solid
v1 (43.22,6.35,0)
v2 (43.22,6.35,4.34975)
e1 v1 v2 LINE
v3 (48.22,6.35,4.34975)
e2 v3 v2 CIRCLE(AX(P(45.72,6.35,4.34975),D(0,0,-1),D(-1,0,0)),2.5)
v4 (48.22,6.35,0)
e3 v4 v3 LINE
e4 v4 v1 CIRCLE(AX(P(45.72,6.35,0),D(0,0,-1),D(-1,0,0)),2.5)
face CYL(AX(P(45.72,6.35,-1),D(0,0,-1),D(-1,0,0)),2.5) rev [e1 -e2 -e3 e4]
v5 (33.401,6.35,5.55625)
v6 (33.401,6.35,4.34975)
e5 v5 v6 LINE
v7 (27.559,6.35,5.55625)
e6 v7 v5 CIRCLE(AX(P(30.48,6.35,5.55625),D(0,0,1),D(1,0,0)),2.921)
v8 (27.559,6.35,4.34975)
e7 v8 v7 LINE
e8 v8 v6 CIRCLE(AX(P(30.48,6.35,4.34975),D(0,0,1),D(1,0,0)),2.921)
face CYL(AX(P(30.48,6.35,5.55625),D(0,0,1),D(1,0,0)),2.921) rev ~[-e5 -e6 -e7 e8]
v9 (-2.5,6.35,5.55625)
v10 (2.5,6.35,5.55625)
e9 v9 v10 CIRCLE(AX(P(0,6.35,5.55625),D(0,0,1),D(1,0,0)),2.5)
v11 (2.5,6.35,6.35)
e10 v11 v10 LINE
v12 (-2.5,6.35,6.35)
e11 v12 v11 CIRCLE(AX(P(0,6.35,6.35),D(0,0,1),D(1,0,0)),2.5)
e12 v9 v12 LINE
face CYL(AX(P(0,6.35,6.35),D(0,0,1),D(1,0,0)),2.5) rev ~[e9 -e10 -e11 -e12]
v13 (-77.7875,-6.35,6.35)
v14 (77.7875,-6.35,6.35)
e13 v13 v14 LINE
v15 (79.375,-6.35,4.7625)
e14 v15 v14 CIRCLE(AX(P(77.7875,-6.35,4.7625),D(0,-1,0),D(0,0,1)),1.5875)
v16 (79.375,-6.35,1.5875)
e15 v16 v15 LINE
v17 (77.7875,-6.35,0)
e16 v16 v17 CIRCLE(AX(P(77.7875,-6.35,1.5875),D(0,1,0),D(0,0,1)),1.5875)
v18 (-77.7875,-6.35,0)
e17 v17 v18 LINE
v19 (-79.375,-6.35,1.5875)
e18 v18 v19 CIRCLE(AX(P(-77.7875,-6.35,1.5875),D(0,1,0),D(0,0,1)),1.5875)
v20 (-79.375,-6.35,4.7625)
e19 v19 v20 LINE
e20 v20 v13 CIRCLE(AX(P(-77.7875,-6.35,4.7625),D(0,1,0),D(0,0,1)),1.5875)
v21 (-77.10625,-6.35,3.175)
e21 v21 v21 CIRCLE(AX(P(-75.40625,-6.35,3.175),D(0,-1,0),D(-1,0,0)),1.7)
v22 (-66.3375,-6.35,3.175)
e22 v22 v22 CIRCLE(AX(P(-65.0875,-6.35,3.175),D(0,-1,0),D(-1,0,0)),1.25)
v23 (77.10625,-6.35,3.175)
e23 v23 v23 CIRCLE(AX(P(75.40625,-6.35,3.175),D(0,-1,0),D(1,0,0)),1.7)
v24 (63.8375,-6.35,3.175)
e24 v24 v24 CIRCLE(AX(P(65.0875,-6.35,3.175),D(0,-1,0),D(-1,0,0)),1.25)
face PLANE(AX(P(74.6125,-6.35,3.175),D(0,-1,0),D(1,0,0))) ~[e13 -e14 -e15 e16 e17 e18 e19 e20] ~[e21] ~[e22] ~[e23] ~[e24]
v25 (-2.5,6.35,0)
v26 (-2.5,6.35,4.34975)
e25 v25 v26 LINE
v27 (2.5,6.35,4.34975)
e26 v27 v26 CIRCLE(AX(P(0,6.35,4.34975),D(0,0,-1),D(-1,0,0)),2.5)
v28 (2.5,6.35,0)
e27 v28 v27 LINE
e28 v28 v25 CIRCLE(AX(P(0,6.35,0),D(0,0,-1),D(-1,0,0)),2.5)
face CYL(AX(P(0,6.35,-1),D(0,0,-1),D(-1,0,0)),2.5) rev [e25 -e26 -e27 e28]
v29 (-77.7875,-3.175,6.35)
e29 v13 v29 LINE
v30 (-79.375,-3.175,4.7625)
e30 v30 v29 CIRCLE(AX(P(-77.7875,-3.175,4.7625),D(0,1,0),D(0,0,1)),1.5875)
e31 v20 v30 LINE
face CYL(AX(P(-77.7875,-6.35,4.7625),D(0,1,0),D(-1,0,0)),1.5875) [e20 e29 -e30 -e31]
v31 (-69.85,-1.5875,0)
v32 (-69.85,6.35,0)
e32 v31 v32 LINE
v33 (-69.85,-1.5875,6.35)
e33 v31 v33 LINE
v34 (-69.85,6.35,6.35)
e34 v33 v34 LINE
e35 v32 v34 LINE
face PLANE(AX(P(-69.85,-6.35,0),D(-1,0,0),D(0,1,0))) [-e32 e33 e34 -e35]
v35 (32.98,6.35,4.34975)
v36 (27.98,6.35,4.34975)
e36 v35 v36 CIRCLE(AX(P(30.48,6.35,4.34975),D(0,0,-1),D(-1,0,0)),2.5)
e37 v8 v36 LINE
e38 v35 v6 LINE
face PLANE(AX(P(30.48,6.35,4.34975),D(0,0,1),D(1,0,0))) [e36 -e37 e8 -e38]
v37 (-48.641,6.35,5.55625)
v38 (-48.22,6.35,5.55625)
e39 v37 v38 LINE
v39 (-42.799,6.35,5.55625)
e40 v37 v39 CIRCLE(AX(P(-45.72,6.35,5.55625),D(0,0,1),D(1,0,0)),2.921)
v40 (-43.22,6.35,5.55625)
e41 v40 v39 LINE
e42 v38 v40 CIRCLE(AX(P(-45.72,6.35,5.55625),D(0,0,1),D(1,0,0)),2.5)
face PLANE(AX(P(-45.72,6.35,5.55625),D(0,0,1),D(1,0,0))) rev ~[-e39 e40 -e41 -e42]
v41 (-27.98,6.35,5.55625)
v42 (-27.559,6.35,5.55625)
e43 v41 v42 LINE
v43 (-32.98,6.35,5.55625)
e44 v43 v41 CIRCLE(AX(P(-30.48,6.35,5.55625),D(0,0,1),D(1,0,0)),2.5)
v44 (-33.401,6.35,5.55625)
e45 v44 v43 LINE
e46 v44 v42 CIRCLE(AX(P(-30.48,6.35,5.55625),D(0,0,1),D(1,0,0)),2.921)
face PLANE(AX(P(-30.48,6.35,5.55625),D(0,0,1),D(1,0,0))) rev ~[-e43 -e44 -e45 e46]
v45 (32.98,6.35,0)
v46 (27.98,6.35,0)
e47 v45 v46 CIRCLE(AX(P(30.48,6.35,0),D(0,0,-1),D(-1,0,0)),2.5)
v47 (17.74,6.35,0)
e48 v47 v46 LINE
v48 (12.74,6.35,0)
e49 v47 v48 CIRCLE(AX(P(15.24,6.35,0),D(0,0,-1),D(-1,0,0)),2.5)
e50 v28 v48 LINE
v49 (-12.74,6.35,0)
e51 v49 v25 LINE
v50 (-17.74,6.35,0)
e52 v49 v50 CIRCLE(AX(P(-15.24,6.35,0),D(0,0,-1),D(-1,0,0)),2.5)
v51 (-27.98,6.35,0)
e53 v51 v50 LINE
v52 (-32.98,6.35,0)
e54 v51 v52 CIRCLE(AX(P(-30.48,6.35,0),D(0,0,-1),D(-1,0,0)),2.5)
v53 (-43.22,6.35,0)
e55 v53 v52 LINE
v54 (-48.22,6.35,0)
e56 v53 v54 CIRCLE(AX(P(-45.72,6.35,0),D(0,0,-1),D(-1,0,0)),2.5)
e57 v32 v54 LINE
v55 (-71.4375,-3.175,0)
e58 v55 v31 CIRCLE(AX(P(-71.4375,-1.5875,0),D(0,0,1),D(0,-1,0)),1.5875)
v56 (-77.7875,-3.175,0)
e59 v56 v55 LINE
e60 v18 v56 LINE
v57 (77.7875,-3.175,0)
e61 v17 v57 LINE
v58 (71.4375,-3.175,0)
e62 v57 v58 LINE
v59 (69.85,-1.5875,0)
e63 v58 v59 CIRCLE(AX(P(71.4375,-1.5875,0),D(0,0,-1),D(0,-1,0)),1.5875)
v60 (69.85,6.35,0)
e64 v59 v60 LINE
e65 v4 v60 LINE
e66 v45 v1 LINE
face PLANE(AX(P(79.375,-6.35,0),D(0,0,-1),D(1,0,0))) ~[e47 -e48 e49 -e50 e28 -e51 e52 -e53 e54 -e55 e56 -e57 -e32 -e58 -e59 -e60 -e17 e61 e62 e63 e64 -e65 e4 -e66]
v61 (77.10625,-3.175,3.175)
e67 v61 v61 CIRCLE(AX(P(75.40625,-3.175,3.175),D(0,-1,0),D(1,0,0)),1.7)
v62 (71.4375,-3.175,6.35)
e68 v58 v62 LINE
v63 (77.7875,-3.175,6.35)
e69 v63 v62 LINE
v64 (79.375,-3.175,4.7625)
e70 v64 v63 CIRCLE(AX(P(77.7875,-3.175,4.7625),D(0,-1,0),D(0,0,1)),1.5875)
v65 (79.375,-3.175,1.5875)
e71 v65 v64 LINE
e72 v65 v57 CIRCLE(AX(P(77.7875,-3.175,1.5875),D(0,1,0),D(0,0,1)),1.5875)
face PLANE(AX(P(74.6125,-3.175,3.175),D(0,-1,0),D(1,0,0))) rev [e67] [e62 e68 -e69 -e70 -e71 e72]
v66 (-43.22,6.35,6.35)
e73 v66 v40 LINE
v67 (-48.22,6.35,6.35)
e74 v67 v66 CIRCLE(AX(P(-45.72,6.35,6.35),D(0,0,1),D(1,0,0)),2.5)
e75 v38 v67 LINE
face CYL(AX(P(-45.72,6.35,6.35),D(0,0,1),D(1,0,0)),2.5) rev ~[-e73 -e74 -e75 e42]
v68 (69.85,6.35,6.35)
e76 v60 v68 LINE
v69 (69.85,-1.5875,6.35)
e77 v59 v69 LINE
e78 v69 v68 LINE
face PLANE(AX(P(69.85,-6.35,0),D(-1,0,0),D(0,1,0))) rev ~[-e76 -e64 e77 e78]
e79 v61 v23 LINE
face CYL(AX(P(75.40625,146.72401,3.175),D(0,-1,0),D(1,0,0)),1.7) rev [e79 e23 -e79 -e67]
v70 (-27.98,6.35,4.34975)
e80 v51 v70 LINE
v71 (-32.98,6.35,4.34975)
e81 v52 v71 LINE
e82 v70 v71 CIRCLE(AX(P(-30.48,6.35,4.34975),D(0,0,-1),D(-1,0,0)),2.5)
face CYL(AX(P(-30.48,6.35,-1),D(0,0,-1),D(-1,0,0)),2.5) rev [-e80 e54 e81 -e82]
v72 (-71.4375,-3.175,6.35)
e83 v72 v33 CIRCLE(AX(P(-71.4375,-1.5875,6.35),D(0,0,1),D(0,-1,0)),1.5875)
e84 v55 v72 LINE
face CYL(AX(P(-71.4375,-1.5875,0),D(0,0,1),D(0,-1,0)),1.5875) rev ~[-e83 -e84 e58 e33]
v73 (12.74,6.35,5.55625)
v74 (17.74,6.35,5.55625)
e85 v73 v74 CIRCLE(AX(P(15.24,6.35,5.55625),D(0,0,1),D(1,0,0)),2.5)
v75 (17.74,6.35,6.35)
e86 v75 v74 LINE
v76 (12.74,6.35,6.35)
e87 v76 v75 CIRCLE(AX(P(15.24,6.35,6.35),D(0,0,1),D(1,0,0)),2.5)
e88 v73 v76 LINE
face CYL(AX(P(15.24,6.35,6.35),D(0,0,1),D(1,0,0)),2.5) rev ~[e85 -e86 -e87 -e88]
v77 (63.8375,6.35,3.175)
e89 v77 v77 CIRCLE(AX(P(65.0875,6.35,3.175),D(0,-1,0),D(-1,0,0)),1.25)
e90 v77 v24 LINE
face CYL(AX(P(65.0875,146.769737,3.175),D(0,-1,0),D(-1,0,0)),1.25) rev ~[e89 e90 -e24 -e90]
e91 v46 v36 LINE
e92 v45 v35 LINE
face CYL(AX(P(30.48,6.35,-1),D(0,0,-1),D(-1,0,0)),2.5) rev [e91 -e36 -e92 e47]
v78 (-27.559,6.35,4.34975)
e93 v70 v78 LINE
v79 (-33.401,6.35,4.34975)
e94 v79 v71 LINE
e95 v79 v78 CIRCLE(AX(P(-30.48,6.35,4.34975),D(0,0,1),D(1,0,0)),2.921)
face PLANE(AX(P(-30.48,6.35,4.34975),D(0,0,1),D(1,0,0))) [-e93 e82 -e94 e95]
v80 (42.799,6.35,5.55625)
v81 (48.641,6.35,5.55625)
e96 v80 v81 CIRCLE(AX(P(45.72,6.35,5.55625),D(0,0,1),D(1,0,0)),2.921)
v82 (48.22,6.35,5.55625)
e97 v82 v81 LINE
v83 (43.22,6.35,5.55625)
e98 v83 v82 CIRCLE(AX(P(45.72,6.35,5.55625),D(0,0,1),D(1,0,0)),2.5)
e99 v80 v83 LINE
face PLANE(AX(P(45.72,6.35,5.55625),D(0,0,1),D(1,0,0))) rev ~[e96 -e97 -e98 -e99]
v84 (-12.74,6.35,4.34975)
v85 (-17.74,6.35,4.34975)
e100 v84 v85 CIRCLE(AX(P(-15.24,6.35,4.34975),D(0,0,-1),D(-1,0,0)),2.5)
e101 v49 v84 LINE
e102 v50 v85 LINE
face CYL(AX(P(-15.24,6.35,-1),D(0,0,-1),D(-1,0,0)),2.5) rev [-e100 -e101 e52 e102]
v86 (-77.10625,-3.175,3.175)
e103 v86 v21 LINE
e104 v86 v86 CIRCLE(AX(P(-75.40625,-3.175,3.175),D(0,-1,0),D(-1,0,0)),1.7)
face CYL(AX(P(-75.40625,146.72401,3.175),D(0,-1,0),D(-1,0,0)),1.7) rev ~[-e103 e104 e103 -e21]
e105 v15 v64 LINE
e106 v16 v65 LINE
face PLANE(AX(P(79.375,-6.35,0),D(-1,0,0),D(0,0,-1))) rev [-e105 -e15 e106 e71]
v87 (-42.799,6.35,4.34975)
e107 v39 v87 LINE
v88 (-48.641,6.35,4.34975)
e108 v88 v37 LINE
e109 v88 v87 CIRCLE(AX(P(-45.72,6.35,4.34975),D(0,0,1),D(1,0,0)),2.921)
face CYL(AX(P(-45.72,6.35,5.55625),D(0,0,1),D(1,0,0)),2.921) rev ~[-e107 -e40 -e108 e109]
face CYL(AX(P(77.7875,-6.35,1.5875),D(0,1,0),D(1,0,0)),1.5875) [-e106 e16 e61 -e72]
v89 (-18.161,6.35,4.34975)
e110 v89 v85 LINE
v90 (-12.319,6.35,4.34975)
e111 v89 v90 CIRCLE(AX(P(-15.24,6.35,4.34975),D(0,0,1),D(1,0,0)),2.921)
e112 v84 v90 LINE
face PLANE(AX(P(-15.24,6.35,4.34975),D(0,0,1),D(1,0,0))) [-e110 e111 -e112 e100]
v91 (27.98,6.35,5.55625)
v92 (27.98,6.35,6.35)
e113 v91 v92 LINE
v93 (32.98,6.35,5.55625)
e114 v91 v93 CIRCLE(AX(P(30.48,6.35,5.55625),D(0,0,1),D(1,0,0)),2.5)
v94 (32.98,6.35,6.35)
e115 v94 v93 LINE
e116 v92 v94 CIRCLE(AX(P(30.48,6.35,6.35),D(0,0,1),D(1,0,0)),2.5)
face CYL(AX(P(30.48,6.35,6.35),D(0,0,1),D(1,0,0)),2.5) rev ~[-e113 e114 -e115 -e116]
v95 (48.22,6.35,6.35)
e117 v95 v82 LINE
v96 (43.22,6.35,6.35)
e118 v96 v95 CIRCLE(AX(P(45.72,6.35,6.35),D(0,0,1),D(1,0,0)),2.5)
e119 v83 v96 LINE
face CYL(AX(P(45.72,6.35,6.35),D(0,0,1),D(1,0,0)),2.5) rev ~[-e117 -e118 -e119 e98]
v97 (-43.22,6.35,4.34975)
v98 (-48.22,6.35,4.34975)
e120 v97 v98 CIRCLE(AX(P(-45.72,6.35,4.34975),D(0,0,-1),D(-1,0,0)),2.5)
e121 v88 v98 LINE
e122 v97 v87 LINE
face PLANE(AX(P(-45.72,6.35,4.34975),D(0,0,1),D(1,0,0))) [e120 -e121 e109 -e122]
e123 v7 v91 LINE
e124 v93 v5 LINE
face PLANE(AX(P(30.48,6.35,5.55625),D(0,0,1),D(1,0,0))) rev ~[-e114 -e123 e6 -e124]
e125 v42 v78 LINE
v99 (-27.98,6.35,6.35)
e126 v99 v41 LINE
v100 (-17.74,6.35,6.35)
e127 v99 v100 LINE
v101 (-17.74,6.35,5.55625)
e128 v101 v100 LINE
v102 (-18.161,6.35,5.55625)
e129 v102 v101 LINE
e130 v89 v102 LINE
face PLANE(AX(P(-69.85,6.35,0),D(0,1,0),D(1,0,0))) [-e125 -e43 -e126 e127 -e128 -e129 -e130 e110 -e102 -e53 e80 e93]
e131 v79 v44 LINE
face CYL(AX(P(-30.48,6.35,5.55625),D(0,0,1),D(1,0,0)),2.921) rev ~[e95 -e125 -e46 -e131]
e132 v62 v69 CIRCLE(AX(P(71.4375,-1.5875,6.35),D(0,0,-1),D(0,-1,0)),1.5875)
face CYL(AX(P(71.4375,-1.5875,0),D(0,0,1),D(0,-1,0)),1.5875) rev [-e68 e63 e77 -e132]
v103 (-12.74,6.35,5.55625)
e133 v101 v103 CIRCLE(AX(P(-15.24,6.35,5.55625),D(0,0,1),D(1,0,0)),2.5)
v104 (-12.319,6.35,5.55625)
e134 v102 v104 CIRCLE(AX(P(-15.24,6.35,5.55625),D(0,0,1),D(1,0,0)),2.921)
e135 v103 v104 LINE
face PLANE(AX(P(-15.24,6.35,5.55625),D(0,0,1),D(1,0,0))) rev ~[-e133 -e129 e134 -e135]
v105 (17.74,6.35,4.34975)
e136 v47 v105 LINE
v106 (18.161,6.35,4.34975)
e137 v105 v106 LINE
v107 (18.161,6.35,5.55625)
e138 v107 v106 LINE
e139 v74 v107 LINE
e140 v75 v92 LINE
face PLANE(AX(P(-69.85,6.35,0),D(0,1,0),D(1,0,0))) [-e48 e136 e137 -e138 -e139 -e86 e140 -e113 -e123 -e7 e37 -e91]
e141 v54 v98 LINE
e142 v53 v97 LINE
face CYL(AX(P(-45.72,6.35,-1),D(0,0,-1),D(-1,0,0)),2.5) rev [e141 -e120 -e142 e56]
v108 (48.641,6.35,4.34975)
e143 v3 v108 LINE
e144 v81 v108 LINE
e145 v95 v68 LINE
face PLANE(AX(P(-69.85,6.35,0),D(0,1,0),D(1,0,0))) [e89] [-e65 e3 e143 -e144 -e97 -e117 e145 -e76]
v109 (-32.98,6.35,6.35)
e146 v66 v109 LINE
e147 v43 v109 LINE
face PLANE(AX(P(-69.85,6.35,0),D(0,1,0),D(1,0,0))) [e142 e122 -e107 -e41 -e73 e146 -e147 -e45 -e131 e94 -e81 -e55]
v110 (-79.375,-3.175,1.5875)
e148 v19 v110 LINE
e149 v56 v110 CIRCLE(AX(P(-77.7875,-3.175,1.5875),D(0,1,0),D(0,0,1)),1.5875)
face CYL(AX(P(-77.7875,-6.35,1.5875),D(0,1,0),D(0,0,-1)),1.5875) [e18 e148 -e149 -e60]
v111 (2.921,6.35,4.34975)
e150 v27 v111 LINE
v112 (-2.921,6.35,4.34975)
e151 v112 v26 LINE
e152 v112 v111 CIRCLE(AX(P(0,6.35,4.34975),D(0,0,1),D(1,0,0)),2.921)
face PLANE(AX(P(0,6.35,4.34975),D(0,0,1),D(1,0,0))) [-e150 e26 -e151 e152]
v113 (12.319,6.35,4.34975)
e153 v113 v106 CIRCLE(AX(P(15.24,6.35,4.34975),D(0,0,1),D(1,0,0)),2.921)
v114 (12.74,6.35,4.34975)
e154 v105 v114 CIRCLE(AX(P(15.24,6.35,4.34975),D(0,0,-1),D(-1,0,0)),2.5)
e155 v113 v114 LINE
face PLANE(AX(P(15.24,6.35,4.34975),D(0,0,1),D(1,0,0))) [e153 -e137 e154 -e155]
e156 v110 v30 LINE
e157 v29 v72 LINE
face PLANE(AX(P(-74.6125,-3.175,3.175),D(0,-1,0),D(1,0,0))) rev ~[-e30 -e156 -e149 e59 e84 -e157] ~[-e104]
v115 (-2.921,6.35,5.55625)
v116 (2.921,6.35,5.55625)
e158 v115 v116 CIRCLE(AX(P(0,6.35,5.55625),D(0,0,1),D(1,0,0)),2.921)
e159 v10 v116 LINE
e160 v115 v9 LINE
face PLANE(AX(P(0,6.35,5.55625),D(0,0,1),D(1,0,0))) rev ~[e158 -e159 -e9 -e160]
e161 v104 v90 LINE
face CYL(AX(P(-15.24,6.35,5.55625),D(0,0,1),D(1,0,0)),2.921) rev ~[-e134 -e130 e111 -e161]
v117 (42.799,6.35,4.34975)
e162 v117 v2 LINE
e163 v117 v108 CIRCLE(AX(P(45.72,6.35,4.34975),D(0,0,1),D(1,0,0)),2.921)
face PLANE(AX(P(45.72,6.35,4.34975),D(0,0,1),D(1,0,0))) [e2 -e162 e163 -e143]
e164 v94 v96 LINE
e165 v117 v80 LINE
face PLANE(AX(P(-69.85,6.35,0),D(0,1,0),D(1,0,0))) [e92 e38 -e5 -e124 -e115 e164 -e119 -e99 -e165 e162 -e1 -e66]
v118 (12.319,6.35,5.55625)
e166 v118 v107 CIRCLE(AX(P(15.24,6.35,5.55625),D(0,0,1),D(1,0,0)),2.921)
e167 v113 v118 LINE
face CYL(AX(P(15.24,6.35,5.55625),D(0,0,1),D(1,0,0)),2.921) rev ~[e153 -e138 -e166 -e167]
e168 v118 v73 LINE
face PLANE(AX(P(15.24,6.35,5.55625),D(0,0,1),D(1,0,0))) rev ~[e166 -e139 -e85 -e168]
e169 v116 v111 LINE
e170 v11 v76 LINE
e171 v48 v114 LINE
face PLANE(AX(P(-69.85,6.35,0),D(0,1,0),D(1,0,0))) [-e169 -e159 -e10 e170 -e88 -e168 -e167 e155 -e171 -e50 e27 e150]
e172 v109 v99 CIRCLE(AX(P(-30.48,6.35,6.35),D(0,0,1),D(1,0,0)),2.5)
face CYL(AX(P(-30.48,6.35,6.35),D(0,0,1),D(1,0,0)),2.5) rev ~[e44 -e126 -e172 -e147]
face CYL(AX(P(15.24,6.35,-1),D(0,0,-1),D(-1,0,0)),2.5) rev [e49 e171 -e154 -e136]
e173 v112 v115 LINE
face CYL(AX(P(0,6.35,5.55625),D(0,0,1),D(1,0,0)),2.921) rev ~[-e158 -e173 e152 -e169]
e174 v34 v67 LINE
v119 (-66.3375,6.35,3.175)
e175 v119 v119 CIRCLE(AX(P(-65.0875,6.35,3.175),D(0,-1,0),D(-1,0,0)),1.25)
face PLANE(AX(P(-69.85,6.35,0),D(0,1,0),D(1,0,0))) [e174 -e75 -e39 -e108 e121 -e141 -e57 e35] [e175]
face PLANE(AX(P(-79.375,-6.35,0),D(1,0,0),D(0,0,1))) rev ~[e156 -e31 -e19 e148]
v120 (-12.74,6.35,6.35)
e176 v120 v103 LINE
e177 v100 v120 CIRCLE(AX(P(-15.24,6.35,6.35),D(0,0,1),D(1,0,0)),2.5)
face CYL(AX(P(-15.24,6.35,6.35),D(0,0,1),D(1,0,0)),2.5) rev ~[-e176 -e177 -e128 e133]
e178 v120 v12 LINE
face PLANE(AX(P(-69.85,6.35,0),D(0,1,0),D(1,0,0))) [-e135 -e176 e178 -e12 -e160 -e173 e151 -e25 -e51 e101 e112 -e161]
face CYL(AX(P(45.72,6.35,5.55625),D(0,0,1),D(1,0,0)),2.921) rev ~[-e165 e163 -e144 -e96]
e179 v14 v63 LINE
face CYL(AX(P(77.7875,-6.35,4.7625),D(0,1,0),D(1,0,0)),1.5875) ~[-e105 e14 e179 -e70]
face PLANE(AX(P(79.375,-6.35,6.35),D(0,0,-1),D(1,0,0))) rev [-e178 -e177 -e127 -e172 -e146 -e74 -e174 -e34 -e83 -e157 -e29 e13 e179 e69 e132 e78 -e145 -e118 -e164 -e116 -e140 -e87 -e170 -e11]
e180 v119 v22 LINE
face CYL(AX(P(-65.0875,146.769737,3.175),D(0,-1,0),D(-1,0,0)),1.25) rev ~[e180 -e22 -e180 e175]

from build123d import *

# Parameters (mm, degrees)
SKETCH1_W                   = 139.7
SKETCH1_H                   = 12.7
BOSS_EXTRUDE1_DEPTH         = 6.35
TAP_DRILL_FOR_M3X0_5_TAP1_D = 2.5
SKETCH5_W                   = 9.525
SKETCH5_H                   = 6.35
BOSS_EXTRUDE2_DEPTH         = 3.175
FILLET1_R                   = 1.5875
M3_CLEARANCE_HOLE1_D        = 3.4
FILLET2_R                   = 1.5875
FILLET2_OF_MIRROR5_R        = 1.5875
FILLET3_R                   = 1.5875
SKETCH14_R                  = 2.5
CUT_EXTRUDE2_DEPTH          = 0.79375
SKETCH15_R                  = 2.921
CUT_EXTRUDE3_DEPTH          = 1.2065
CUT_EXTRUDE4_START          = -5.34975
CUT_EXTRUDE4_DEPTH          = 8.35
LPATTERN1_COUNT             = 4
LPATTERN1_PITCH             = 15.24
LPATTERN2_COUNT             = 4
LPATTERN2_PITCH             = 15.24


with BuildPart() as part:
    # Sketch1 → Boss-Extrude1 (new body)
    with BuildSketch(Plane.XY):
        Rectangle(SKETCH1_W, SKETCH1_H)
    extrude(amount=BOSS_EXTRUDE1_DEPTH)

    # Tap Drill for M3x0.5 Tap1 (through all)
    with Locations(Plane(origin=(0, 6.35, 0), x_dir=(1, 0, 0), z_dir=(0, 1, 0))):
        with Locations((-65.0875, -3.175), (65.0875, -3.175)):
            Hole(TAP_DRILL_FOR_M3X0_5_TAP1_D / 2)

    # Sketch5 → Boss-Extrude2 (add)
    with BuildSketch(Plane.XZ.offset(6.35)):
        with Locations((-74.6125, 3.175)):
            Rectangle(SKETCH5_W, SKETCH5_H)
    boss_extrude2 = extrude(amount=-BOSS_EXTRUDE2_DEPTH)

    # Fillet1
    fillet1_edges = [part.edges().sort_by_distance(p)[0] for p in [
        (-69.85, -3.175, 3.175),
    ]]
    fillet(fillet1_edges, radius=FILLET1_R)

    # M3 Clearance Hole1 (through all)
    with Locations(Plane(origin=(0, -3.175, 0), x_dir=(1, 0, 0), z_dir=(0, 1, 0))):
        with Locations((-75.40625, -3.175)):
            m3_clearance_hole1 = Hole(M3_CLEARANCE_HOLE1_D / 2)

    # Fillet2
    fillet2_edges = [part.edges().sort_by_distance(p)[0] for p in [
        (-79.375, -4.7625, 0),
        (-79.375, -4.7625, 6.35),
    ]]
    fillet(fillet2_edges, radius=FILLET2_R)

    # Mirror5: Boss-Extrude2, M3 Clearance Hole1 across plane
    add(boss_extrude2.mirror(Plane(origin=(0, 0, 0), x_dir=(0, 0, 1), z_dir=(1, 0, 0))))
    add(m3_clearance_hole1.mirror(Plane(origin=(0, 0, 0), x_dir=(0, 0, 1), z_dir=(1, 0, 0))), mode=Mode.SUBTRACT)

    # Fillet2 of Mirror5
    fillet2_of_mirror5_edges = [part.edges().sort_by_distance(p)[0] for p in [
        (79.375, -4.7625, 0),
        (79.375, -4.7625, 6.35),
    ]]
    fillet(fillet2_of_mirror5_edges, radius=FILLET2_OF_MIRROR5_R)

    # Fillet3
    fillet3_edges = [part.edges().sort_by_distance(p)[0] for p in [
        (69.85, -3.175, 3.175),
    ]]
    fillet(fillet3_edges, radius=FILLET3_R)

    # Sketch14 → Cut-Extrude2 (cut)
    with BuildSketch(Plane.XY.offset(6.35)):
        with Locations((0, 6.35)):
            Circle(SKETCH14_R)
    cut_extrude2 = extrude(amount=-CUT_EXTRUDE2_DEPTH, mode=Mode.SUBTRACT)

    # Sketch15 → Cut-Extrude3 (cut)
    with BuildSketch(Plane.XY.offset(5.55625)):
        with Locations((0, 6.35)):
            Circle(SKETCH15_R)
    cut_extrude3 = extrude(amount=-CUT_EXTRUDE3_DEPTH, mode=Mode.SUBTRACT)

    # Sketch16 → Cut-Extrude4 (cut)
    with BuildSketch(Plane.XY.offset(4.34975).offset(CUT_EXTRUDE4_START)):
        with BuildLine():
            Line((-2.5, 182.058245118), (-2.5, 6.35))
            ThreePointArc((-2.5, 6.35), (0, 3.85), (2.5, 6.35))
            Line((2.5, 6.35), (2.5, 182.058245118))
            Line((2.5, 182.058245118), (2.5, 533.474735353))
            Line((2.5, 533.474735353), (-2.5, 533.474735353))
            Line((-2.5, 533.474735353), (-2.5, 182.058245118))
        make_face()
    cut_extrude4 = extrude(amount=CUT_EXTRUDE4_DEPTH, mode=Mode.SUBTRACT)

    # LPattern1: Cut-Extrude2, Cut-Extrude3, Cut-Extrude4 ×4
    with Locations(*[(i * LPATTERN1_PITCH, 0, 0) for i in range(1, LPATTERN1_COUNT)]):
        add(cut_extrude2, mode=Mode.SUBTRACT)
        add(cut_extrude3, mode=Mode.SUBTRACT)
        add(cut_extrude4, mode=Mode.SUBTRACT)

    # LPattern2: Cut-Extrude2, Cut-Extrude3, Cut-Extrude4 ×4
    with Locations(*[(-i * LPATTERN2_PITCH, 0, 0) for i in range(1, LPATTERN2_COUNT)]):
        add(cut_extrude2, mode=Mode.SUBTRACT)
        add(cut_extrude3, mode=Mode.SUBTRACT)
        add(cut_extrude4, mode=Mode.SUBTRACT)


solid = part.part
